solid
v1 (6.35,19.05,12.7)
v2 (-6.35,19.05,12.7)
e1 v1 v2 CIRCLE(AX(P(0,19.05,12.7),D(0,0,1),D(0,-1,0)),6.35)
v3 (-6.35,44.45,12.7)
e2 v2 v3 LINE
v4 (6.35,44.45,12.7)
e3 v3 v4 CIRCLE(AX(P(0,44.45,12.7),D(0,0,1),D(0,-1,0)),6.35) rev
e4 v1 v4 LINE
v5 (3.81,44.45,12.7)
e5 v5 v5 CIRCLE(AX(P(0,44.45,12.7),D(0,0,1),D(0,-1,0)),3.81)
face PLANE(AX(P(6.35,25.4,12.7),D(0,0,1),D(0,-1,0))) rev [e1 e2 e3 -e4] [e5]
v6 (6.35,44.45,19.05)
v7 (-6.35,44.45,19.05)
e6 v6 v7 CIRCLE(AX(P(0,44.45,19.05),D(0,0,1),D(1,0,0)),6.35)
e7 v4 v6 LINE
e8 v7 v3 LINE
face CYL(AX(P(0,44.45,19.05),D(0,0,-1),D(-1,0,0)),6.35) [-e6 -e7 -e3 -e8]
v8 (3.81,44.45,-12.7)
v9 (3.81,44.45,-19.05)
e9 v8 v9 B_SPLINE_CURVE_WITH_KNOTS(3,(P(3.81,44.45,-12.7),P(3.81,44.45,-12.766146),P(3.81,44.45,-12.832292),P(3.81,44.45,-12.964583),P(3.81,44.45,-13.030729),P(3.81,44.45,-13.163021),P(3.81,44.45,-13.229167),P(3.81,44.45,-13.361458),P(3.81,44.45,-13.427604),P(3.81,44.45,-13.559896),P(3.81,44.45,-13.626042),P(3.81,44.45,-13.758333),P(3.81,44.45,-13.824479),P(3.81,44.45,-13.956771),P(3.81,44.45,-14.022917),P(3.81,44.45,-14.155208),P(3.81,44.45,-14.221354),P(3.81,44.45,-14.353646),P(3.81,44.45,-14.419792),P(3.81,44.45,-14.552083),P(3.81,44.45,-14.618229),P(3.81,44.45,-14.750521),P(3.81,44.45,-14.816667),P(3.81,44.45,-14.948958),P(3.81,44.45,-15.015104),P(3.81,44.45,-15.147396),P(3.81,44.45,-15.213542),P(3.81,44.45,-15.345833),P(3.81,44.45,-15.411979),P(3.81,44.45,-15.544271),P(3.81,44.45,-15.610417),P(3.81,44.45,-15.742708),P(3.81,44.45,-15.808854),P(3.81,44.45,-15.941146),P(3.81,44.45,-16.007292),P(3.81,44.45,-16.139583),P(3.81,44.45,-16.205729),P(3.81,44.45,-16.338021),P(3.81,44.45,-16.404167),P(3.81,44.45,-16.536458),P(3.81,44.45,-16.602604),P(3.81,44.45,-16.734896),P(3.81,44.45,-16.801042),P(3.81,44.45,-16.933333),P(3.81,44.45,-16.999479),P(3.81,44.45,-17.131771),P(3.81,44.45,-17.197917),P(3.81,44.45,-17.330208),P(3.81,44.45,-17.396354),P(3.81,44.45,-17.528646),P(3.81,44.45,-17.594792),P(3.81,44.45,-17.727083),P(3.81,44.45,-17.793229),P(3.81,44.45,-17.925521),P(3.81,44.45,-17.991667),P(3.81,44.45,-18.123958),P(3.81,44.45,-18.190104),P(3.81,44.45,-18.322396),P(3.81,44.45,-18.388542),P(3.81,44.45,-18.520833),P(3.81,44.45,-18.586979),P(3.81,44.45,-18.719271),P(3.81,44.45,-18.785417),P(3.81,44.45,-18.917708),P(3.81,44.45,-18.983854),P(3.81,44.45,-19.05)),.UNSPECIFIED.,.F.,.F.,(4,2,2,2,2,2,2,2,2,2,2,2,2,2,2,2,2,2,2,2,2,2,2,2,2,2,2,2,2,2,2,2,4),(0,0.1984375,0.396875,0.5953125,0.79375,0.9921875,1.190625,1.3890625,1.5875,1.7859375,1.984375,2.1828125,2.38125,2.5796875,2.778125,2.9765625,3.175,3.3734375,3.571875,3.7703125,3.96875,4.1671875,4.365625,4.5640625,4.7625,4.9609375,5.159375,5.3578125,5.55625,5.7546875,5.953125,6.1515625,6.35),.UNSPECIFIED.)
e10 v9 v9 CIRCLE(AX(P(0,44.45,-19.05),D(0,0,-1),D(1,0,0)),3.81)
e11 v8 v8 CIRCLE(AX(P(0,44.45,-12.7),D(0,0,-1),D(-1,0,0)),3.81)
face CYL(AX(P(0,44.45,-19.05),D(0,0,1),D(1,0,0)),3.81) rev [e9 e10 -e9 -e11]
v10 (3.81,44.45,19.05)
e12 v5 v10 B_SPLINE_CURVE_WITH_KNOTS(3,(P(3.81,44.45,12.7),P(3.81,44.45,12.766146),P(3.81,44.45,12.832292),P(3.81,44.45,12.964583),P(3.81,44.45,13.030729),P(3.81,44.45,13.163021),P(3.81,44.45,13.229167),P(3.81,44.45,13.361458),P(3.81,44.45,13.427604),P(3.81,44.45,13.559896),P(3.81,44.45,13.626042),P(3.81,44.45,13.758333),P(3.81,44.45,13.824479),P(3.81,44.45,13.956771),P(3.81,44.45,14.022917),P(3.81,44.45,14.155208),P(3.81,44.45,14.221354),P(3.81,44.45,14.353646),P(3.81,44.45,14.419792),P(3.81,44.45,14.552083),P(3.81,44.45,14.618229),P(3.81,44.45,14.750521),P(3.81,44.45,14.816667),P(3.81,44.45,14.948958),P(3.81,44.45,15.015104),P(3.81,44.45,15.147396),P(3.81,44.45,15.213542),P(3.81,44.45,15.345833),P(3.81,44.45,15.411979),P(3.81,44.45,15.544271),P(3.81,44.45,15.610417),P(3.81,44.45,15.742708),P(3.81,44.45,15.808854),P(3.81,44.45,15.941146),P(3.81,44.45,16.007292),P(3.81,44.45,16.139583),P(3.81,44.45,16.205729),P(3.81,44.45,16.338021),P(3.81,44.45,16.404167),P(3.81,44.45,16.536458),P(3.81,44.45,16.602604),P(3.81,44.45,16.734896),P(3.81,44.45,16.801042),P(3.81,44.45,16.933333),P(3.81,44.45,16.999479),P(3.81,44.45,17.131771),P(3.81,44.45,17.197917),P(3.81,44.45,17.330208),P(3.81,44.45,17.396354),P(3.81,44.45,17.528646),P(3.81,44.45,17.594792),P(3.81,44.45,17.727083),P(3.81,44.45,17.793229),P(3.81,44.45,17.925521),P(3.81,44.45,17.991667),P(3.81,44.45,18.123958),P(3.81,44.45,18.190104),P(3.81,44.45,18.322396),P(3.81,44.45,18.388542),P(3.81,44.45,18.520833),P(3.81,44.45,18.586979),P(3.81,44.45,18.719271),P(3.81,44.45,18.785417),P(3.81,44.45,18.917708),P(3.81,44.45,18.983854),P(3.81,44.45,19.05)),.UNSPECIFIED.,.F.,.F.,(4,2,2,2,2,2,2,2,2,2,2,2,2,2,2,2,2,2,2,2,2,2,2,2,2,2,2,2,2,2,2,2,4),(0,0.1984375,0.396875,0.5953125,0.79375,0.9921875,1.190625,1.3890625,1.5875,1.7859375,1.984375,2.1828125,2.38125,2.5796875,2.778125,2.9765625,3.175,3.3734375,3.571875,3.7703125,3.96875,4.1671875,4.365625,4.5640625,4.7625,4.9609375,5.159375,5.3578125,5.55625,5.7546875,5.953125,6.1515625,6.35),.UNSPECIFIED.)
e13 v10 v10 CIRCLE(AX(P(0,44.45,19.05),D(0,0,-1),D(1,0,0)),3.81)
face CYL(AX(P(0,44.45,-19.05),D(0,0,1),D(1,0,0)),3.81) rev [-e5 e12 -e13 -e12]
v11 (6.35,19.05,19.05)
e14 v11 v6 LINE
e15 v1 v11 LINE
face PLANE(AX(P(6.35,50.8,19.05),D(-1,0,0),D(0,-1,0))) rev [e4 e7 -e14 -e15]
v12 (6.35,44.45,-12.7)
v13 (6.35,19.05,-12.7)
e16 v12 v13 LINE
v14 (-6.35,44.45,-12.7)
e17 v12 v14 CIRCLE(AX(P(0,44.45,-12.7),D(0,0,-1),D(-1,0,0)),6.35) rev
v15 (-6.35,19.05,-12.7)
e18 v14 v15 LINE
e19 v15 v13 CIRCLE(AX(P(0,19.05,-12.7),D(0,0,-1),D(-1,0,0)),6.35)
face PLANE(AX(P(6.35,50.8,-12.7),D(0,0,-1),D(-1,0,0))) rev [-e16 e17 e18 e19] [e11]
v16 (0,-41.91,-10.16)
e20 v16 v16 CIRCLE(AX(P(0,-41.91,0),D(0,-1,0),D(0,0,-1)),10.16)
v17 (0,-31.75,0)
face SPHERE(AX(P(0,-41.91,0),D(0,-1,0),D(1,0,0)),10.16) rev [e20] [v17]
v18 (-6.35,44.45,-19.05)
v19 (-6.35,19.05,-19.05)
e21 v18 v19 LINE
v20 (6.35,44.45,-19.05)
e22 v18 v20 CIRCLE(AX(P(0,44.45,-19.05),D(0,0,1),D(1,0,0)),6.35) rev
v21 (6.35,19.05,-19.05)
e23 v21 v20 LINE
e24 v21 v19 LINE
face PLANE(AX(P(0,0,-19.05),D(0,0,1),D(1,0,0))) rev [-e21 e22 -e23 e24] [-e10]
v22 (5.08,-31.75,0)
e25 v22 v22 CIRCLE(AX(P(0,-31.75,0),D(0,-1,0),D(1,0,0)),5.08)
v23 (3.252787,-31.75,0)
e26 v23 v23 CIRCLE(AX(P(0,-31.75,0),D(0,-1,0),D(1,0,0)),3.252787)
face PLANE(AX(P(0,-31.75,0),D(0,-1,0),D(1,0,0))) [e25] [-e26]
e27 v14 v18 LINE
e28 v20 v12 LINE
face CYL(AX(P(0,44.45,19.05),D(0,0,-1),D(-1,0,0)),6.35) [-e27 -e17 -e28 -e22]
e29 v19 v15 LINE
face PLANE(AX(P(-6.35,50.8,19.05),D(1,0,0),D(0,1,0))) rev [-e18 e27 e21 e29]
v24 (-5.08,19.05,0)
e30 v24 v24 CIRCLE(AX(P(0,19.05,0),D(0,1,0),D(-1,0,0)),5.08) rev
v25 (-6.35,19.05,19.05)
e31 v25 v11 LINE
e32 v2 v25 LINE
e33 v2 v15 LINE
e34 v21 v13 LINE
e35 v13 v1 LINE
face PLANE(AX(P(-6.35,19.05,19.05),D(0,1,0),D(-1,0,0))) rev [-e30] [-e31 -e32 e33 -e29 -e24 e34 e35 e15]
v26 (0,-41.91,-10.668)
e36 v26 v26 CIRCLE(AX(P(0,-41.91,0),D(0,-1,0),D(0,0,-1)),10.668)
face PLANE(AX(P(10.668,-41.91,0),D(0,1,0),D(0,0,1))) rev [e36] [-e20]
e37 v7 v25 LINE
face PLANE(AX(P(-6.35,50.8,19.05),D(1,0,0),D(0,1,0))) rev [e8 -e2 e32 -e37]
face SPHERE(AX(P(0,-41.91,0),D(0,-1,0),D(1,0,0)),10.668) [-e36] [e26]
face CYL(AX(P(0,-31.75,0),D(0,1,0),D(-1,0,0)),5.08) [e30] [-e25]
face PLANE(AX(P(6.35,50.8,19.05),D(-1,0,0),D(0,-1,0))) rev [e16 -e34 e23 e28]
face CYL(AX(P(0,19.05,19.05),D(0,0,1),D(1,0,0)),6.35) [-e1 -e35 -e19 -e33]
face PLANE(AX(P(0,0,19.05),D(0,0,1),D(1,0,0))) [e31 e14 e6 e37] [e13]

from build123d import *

# Parameters (mm, degrees)
SKETCH1_W           = 12.7
SKETCH1_H           = 101.6
BOSS_EXTRUDE1_DEPTH = 19.05
FILLET2_RADIUS      = 6.35
FILLET2_LENGTH      = 38.1
SKETCH2_R           = 3.81
CUT_EXTRUDE1_DEPTH  = 38.1
FILLET3_RADIUS      = 6.35
FILLET3_LENGTH      = 38.1
SKETCH3_W           = 25.4
SKETCH3_H           = 25.4
CUT_EXTRUDE2_DEPTH  = 56.72102386
FILLET4_RADIUS      = 6.35
FILLET4_LENGTH      = 25.4
SKETCH4_W           = 45.439126892
SKETCH4_H           = 74.581358872
CUT_EXTRUDE3_DEPTH  = 56.72102386
SKETCH5_R           = 5.08
BOSS_EXTRUDE2_DEPTH = 50.8


with BuildPart() as part:
    # Sketch1 → Boss-Extrude1 (new, symmetric)
    with BuildSketch(Plane.XY):
        Rectangle(SKETCH1_W, SKETCH1_H)
    extrude(amount=BOSS_EXTRUDE1_DEPTH, both=True)

    # Fillet2: full round fillet: the end face becomes a half cylinder, R = half its width
    fillet2_face = Plane((0, -50.8, 0), x_dir=(0, 0, 1), z_dir=(0, -1, 0))  # on the end face: x along it, z out of the body
    fillet2_slab = fillet2_face.offset(-FILLET2_RADIUS / 2) * Box(FILLET2_LENGTH, 2 * FILLET2_RADIUS, FILLET2_RADIUS, mode=Mode.PRIVATE)  # the body's end, R deep
    fillet2_round = Plane((0, -44.45, 0), x_dir=(0, -1, 0), z_dir=(0, 0, 1)) * Cylinder(FILLET2_RADIUS, FILLET2_LENGTH, mode=Mode.PRIVATE)  # its axis R under the face
    add(fillet2_slab - fillet2_round, mode=Mode.SUBTRACT)

    # Sketch2 → Cut-Extrude1 (cut)
    with BuildSketch(Plane.XY.offset(19.05)):
        with Locations((0, -44.45)):
            Circle(SKETCH2_R)
    cut_extrude1 = extrude(amount=-CUT_EXTRUDE1_DEPTH, mode=Mode.SUBTRACT)

    # Mirror3: Cut-Extrude1 across plane
    add(cut_extrude1.mirror(Plane.ZX), mode=Mode.SUBTRACT)

    # Fillet3: full round fillet: the end face becomes a half cylinder, R = half its width
    fillet3_face = Plane((0, 50.8, 0), x_dir=(0, 0, 1), z_dir=(0, 1, 0))  # on the end face: x along it, z out of the body
    fillet3_slab = fillet3_face.offset(-FILLET3_RADIUS / 2) * Box(FILLET3_LENGTH, 2 * FILLET3_RADIUS, FILLET3_RADIUS, mode=Mode.PRIVATE)  # the body's end, R deep
    fillet3_round = Plane((0, 44.45, 0), x_dir=(0, 1, 0), z_dir=(0, 0, 1)) * Cylinder(FILLET3_RADIUS, FILLET3_LENGTH, mode=Mode.PRIVATE)  # its axis R under the face
    add(fillet3_slab - fillet3_round, mode=Mode.SUBTRACT)

    # Sketch3 → Cut-Extrude2 (cut, through all)
    with BuildSketch(Plane.ZY.offset(6.35)):
        with Locations((0, 38.1)):
            Rectangle(SKETCH3_W, SKETCH3_H)
    extrude(amount=-CUT_EXTRUDE2_DEPTH, mode=Mode.SUBTRACT)

    # Fillet4: full round fillet: the end face becomes a half cylinder, R = half its width
    fillet4_face = Plane((0, 25.4, 0), x_dir=(0, 0, -1), z_dir=(0, 1, 0))  # on the end face: x along it, z out of the body
    fillet4_slab = fillet4_face.offset(-FILLET4_RADIUS / 2) * Box(FILLET4_LENGTH, 2 * FILLET4_RADIUS, FILLET4_RADIUS, mode=Mode.PRIVATE)  # the body's end, R deep
    fillet4_round = Plane((0, 19.05, 0), x_dir=(0, 1, 0), z_dir=(0, 0, -1)) * Cylinder(FILLET4_RADIUS, FILLET4_LENGTH, mode=Mode.PRIVATE)  # its axis R under the face
    add(fillet4_slab - fillet4_round, mode=Mode.SUBTRACT)

    # Sketch4 → Cut-Extrude3 (cut, through all)
    with BuildSketch(Plane(origin=(6.35, 0, 0), x_dir=(0, 0, -1), z_dir=(1, 0, 0))):
        with Locations((3.669563446, -18.240679436)):
            Rectangle(SKETCH4_W, SKETCH4_H)
    extrude(amount=-CUT_EXTRUDE3_DEPTH, mode=Mode.SUBTRACT)

    # Sketch5 → Boss-Extrude2 (add)
    with BuildSketch(Plane.XZ.offset(-19.05)):
        with Locations(Location((0, 0, 0), (0, 0, 180))):
            Circle(SKETCH5_R)
    extrude(amount=BOSS_EXTRUDE2_DEPTH)

    # Sketch8 → Revolve-Thin1 (revolve)
    with BuildSketch(Plane.XY):
        with BuildLine():
            ThreePointArc((10.16, -41.91), (7.184204897, -34.725795103), (0, -31.75))
            Line((0, -31.75), (0, -31.242))
            ThreePointArc((0, -31.242), (7.543415142, -34.366584858), (10.668, -41.91))
            Line((10.668, -41.91), (10.16, -41.91))
        make_face()
    revolve(axis=Axis((0, -58.668197781, 0), (0, 1, 0)))


solid = part.part
